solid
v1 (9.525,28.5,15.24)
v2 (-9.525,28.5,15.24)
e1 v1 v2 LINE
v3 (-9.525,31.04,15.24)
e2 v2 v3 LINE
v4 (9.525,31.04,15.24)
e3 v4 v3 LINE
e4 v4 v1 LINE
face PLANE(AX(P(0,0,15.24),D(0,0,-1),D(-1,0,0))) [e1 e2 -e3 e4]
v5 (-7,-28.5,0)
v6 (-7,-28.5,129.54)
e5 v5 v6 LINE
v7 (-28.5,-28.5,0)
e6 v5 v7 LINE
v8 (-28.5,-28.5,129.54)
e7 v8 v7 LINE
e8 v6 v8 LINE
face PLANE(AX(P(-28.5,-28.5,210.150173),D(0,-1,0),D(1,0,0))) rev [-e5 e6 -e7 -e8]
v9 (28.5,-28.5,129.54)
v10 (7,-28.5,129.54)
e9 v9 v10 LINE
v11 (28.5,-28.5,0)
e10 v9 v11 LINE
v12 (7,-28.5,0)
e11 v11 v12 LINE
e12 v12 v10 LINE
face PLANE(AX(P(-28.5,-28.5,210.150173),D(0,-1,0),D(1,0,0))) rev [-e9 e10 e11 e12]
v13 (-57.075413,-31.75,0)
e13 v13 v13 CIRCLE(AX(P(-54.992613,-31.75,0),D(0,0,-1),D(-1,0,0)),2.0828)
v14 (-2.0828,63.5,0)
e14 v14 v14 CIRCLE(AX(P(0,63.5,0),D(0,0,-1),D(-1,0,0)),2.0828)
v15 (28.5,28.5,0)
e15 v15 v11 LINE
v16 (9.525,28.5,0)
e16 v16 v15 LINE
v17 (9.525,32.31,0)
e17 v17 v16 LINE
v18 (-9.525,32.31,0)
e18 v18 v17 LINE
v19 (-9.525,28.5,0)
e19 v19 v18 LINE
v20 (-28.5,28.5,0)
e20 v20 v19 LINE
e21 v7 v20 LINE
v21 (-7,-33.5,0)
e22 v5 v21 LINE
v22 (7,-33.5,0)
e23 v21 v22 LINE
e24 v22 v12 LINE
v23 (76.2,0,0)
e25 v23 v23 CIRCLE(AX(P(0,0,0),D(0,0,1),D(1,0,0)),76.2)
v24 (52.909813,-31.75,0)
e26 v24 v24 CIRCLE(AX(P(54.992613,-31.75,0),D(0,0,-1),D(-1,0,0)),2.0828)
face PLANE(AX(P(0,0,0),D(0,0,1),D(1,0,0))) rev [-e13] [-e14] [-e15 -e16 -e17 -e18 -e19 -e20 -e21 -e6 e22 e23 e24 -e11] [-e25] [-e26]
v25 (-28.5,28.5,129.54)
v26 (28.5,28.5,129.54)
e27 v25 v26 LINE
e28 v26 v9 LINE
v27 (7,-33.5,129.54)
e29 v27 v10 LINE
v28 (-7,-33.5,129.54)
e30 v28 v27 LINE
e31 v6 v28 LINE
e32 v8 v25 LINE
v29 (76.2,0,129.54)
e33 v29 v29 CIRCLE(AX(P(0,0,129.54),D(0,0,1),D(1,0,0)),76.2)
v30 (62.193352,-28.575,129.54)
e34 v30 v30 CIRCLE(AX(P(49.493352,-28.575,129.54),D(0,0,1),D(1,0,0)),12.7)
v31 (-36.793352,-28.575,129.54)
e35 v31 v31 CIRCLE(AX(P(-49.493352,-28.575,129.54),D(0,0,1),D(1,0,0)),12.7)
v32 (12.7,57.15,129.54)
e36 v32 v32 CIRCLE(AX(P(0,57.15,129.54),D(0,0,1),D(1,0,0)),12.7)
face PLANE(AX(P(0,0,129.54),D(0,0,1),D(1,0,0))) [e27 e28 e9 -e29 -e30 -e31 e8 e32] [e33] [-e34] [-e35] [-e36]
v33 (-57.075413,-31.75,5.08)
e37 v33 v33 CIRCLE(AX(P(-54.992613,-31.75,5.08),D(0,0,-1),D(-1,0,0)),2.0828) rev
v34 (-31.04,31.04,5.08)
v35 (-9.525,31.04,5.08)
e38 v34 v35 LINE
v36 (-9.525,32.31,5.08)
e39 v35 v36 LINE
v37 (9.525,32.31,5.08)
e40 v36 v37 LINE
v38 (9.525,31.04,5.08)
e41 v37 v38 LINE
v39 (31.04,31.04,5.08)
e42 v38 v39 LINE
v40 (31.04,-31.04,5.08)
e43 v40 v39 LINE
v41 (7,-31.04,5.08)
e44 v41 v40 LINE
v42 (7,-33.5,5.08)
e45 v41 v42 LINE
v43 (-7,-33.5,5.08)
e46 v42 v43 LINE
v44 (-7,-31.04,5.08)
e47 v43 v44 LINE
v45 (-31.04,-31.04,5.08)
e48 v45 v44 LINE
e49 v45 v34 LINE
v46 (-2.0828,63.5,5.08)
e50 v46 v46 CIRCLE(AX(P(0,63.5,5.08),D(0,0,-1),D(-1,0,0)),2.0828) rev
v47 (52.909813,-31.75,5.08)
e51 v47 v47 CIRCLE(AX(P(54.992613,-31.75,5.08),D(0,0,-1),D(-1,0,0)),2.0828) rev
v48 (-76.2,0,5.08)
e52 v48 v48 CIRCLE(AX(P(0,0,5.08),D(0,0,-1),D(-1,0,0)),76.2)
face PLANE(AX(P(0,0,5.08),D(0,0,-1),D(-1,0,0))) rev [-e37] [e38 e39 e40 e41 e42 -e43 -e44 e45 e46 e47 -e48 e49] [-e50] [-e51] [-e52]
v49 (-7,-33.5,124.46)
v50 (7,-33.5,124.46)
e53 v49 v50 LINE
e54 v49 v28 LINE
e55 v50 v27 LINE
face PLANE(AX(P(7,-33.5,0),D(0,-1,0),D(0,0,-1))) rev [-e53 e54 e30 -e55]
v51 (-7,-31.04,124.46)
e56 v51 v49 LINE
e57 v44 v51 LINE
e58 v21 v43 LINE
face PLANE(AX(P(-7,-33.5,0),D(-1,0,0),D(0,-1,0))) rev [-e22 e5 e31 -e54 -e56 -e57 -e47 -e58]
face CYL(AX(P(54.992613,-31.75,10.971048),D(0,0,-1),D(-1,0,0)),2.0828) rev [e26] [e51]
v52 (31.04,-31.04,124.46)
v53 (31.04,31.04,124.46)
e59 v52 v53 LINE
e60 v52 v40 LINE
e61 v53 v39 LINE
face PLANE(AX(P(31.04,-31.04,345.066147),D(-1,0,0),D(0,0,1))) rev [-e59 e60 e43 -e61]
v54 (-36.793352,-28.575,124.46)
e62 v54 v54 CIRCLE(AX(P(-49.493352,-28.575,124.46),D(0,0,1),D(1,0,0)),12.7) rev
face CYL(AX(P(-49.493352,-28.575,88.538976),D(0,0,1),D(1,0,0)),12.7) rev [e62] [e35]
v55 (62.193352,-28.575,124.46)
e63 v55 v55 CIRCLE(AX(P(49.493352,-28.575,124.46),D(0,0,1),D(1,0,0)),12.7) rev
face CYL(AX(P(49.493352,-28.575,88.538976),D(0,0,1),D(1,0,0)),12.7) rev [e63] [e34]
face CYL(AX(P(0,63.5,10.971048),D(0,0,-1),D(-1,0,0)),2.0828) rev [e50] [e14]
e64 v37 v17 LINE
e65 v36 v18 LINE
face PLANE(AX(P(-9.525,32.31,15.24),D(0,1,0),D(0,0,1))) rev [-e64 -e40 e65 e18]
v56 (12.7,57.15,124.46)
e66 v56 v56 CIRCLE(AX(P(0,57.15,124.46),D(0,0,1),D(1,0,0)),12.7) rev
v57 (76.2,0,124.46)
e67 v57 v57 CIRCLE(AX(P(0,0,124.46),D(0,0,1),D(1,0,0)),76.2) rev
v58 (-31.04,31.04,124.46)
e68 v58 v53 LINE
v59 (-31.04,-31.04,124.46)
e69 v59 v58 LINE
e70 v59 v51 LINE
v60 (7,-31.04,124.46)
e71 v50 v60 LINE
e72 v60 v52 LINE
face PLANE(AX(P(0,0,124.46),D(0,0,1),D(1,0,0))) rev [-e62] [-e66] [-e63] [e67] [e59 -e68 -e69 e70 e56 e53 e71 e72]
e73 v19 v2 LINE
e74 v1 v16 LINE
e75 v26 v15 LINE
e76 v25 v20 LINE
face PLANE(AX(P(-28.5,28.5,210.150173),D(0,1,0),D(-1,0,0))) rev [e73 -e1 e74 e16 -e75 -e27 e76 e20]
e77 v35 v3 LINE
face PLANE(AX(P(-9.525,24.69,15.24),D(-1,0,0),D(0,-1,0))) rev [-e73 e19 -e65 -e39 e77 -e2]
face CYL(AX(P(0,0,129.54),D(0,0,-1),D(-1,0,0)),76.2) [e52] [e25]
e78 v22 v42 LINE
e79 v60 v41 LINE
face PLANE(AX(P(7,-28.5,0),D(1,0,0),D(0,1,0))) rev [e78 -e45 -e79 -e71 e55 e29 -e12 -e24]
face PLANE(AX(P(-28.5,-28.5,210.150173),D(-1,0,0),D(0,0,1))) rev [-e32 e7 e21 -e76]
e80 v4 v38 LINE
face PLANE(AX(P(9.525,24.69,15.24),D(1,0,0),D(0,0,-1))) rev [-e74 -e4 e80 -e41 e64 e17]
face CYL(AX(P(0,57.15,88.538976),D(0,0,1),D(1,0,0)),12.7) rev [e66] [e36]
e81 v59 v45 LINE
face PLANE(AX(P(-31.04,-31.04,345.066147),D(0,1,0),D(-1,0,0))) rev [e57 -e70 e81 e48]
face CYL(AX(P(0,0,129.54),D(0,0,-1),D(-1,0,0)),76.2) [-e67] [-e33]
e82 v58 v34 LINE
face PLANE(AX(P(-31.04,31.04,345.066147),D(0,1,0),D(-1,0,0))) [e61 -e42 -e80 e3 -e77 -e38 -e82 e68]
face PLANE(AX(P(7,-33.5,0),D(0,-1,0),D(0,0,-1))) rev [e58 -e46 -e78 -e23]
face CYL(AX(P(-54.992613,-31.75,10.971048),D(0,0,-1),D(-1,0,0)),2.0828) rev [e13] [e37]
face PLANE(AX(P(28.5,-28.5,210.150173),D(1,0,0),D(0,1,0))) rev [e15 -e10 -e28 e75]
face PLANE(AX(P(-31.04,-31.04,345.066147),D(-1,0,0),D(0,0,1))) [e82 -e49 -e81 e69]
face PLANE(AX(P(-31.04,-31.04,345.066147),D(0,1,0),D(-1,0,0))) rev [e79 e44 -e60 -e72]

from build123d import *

# Parameters (mm, degrees)
SKETCH1_R           = 76.2
BOSS_EXTRUDE1_DEPTH = 129.54
CUT_EXTRUDE1_START  = -5.08
SKETCH2_R           = 76.2
SKETCH2_W           = 62.08
SKETCH2_H           = 62.08
CUT_EXTRUDE1_DEPTH  = 119.38
SKETCH3_W           = 57
SKETCH3_H           = 57
CUT_EXTRUDE2_DEPTH  = 129.54
SKETCH4_R           = 2.0828
CUT_EXTRUDE3_DEPTH  = 5.08
SKETCH5_R           = 12.7
CUT_EXTRUDE4_DEPTH  = 5.08
SKETCH8_W           = 14
SKETCH8_H           = 5
CUT_EXTRUDE5_DEPTH  = 169.503684233
SKETCH9_W           = 19.05
SKETCH9_H           = 7.62
CUT_EXTRUDE6_DEPTH  = 15.24


with BuildPart() as part:
    # Sketch1 → Boss-Extrude1 (new body)
    with BuildSketch(Plane.XY):
        Circle(SKETCH1_R)
    extrude(amount=BOSS_EXTRUDE1_DEPTH)

    # Sketch2 → Cut-Extrude1 (cut)
    with BuildSketch(Plane(origin=(0, 0, 0), x_dir=(-1, 0, 0), z_dir=(0, 0, -1)).offset(CUT_EXTRUDE1_START)):
        Circle(SKETCH2_R)
        Rectangle(SKETCH2_W, SKETCH2_H, mode=Mode.SUBTRACT)
    extrude(amount=-CUT_EXTRUDE1_DEPTH, mode=Mode.SUBTRACT)

    # Sketch3 → Cut-Extrude2 (cut)
    with BuildSketch(Plane(origin=(0, 0, 0), x_dir=(-1, 0, 0), z_dir=(0, 0, -1))):
        Rectangle(SKETCH3_W, SKETCH3_H)
    extrude(amount=-CUT_EXTRUDE2_DEPTH, mode=Mode.SUBTRACT)

    # Sketch4 → Cut-Extrude3 (cut)
    with BuildSketch(Plane(origin=(0, 0, 0), x_dir=(-1, 0, 0), z_dir=(0, 0, -1))):
        with Locations((0, 63.5)):
            Circle(SKETCH4_R)
        with Locations((54.99261314, -31.75)):
            Circle(SKETCH4_R)
        with Locations((-54.99261314, -31.75)):
            Circle(SKETCH4_R)
    extrude(amount=-CUT_EXTRUDE3_DEPTH, mode=Mode.SUBTRACT)

    # Sketch5 → Cut-Extrude4 (cut)
    with BuildSketch(Plane.XY.offset(129.54)):
        with Locations((0, 57.15)):
            Circle(SKETCH5_R)
        with Locations((49.493351826, -28.575)):
            Circle(SKETCH5_R)
        with Locations((-49.493351826, -28.575)):
            Circle(SKETCH5_R)
    extrude(amount=-CUT_EXTRUDE4_DEPTH, mode=Mode.SUBTRACT)

    # Sketch8 → Cut-Extrude5 (cut, through all)
    with BuildSketch(Plane.XY.offset(129.54)):
        with Locations((0, -31)):
            Rectangle(SKETCH8_W, SKETCH8_H)
    extrude(amount=-CUT_EXTRUDE5_DEPTH, mode=Mode.SUBTRACT)

    # Sketch9 → Cut-Extrude6 (cut)
    with BuildSketch(Plane(origin=(0, 0, 0), x_dir=(-1, 0, 0), z_dir=(0, 0, -1))):
        with Locations((0, 28.5)):
            Rectangle(SKETCH9_W, SKETCH9_H)
    extrude(amount=-CUT_EXTRUDE6_DEPTH, mode=Mode.SUBTRACT)


solid = part.part
